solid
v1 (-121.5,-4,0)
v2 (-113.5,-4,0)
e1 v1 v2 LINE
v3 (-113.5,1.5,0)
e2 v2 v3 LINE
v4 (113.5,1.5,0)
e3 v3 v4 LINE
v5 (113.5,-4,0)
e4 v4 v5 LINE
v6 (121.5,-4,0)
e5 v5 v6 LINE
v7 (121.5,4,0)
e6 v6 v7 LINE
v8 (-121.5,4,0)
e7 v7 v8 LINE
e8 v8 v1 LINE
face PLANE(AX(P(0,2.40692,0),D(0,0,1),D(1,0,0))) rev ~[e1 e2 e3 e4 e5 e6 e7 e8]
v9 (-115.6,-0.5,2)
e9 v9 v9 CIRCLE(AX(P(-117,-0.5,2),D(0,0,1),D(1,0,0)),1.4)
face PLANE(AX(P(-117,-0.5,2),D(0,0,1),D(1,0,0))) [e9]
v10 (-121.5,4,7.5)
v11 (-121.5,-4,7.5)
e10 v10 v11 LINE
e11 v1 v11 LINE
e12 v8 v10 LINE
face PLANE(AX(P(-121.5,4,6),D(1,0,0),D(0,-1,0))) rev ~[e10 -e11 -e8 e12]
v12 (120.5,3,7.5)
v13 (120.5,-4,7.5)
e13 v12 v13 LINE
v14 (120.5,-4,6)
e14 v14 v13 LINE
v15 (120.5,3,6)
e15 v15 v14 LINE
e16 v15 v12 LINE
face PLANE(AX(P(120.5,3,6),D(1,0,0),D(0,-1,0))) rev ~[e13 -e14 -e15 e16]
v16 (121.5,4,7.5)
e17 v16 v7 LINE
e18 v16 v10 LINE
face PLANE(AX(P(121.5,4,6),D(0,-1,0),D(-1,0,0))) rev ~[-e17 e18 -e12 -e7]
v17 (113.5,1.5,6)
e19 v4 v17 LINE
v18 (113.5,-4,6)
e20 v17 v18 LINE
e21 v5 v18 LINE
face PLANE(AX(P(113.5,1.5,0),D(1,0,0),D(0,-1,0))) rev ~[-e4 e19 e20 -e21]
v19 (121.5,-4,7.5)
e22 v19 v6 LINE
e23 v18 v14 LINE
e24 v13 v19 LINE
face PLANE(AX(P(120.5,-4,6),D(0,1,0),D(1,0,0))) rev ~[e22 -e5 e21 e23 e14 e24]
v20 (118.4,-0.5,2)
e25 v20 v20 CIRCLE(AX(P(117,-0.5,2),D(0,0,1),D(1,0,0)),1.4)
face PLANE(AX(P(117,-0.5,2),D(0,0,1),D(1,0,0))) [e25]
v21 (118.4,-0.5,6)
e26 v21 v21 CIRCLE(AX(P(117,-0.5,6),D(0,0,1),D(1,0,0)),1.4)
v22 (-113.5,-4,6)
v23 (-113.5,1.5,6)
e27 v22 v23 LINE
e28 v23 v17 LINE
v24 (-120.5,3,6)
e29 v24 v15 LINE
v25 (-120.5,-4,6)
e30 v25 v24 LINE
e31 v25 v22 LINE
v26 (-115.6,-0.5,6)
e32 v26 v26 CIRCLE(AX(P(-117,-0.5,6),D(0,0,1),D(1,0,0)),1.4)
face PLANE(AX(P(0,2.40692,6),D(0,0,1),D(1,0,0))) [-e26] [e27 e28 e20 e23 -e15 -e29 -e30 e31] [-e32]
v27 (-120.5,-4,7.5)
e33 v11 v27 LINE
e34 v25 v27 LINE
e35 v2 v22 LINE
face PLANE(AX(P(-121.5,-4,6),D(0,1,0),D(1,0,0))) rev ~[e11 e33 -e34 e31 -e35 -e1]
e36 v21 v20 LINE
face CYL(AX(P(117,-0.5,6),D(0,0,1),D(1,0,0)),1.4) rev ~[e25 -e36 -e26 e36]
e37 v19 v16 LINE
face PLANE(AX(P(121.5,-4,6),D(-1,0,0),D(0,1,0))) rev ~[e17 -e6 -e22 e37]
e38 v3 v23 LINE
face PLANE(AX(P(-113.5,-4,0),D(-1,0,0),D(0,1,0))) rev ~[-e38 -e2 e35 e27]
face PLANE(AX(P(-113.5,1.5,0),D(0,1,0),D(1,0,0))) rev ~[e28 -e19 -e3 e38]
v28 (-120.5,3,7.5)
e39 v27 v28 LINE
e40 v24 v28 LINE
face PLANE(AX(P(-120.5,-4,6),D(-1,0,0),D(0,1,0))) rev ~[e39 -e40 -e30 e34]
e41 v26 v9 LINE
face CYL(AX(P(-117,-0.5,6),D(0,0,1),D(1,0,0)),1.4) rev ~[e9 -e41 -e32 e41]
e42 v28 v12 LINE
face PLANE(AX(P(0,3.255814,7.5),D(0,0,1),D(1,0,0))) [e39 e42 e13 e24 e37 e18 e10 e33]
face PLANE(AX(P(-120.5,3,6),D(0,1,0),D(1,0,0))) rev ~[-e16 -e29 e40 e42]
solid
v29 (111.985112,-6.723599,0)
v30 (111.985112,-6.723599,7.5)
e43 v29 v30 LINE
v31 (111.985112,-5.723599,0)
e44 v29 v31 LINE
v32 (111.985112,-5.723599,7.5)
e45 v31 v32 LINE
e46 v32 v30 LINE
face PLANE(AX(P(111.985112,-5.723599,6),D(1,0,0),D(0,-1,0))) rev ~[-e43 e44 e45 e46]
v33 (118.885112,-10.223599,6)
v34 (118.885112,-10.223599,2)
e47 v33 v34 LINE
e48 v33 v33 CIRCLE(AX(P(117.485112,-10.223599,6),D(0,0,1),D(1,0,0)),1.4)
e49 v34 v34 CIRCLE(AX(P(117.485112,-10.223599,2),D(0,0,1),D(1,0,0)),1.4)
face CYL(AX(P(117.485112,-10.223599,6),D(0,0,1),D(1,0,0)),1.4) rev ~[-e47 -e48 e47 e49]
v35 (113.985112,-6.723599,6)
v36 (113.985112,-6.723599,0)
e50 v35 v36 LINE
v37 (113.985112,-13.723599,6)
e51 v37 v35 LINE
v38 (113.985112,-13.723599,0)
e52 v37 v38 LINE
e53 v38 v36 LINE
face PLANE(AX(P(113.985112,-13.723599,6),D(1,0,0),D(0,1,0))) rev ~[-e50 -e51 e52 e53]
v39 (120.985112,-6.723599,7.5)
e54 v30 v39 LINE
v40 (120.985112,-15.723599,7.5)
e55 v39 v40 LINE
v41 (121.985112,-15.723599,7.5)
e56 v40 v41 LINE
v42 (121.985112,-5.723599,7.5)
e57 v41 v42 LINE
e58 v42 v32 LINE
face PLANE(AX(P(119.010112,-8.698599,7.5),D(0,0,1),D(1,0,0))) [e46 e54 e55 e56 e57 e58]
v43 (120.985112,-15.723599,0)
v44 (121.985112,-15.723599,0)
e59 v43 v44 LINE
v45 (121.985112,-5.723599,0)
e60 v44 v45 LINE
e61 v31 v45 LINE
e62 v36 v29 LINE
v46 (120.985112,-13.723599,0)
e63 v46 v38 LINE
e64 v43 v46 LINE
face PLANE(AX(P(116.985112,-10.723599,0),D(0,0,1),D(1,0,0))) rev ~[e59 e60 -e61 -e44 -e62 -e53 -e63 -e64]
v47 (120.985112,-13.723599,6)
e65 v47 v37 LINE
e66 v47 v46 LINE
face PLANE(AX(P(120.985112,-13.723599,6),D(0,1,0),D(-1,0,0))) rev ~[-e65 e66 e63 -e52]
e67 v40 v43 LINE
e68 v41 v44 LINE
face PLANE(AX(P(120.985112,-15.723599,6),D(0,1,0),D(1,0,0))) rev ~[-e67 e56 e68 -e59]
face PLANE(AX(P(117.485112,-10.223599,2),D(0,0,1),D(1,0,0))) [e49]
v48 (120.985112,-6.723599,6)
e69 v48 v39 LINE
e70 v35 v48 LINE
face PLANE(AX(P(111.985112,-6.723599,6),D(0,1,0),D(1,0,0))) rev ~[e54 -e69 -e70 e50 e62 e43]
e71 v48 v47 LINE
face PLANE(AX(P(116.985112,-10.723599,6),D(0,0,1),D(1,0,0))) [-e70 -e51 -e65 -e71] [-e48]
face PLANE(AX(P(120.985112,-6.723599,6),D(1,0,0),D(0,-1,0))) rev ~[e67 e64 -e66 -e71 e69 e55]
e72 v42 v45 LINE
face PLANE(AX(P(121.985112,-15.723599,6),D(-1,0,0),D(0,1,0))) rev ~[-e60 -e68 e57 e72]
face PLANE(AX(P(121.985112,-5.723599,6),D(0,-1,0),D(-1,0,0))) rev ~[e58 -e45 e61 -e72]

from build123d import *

# Parameters (mm, degrees)
F1_DEPTH  = 6
F2_R      = 1.4
F3_DEPTH  = 4
F5_DEPTH  = 1.5
F6_W      = 10
F6_H      = 10
F7_DEPTH  = 6
F8_R      = 1.4
F9_DEPTH  = 4
F11_DEPTH = 1.5
F13_DEPTH = 25


with BuildPart() as f1:
    # F0 (on Top) → F1 (new body)
    with BuildSketch(Plane.XY):
        Polygon((113.5, -4), (121.5, -4), (121.5, 4), (-121.5, 4), (-121.5, -4), (-113.5, -4), (-113.5, 1.5), (113.5, 1.5), align=None)
    extrude(amount=F1_DEPTH)

    # F2 (on face) → F3 (cut)
    with BuildSketch(Plane.XY.offset(6)):
        with Locations((-117, -0.5)):
            Circle(F2_R)
        with Locations((117, -0.5)):
            Circle(F2_R)
    extrude(amount=-F3_DEPTH, mode=Mode.SUBTRACT)

    # F4 (on face) → F5 (join)
    with BuildSketch(Plane.XY.offset(6)):
        Polygon((121.5, 4), (-121.5, 4), (-121.5, -4), (-120.5, -4), (-120.5, 3), (120.5, 3), (120.5, -4), (121.5, -4), align=None)
    extrude(amount=F5_DEPTH)


with BuildPart() as f7:
    # F6 (on Top) → F7 (new body)
    with BuildSketch(Plane.XY):
        with Locations((116.985112, -10.723599)):
            Rectangle(F6_W, F6_H)
    extrude(amount=F7_DEPTH)

    # F8 (on face) → F9 (cut)
    with BuildSketch(Plane.XY.offset(6)):
        with Locations((117.485112, -10.223599)):
            Circle(F8_R)
    extrude(amount=-F9_DEPTH, mode=Mode.SUBTRACT)

    # F10 (on face) → F11 (join)
    with BuildSketch(Plane.XY.offset(6)):
        Polygon((121.985112, -5.723599), (111.985112, -5.723599), (111.985112, -6.723599), (120.985112, -6.723599), (120.985112, -15.723599), (121.985112, -15.723599), align=None)
    extrude(amount=F11_DEPTH)

    # F12 (on face) → F13 (cut)
    with BuildSketch(Plane.XY.offset(6)):
        Polygon((113.985112, -6.723599), (111.985112, -6.723599), (111.985112, -15.723599), (120.985112, -15.723599), (120.985112, -13.723599), (113.985112, -13.723599), align=None)
    extrude(amount=-F13_DEPTH, mode=Mode.SUBTRACT)


solid = Compound([f1.part, f7.part])
